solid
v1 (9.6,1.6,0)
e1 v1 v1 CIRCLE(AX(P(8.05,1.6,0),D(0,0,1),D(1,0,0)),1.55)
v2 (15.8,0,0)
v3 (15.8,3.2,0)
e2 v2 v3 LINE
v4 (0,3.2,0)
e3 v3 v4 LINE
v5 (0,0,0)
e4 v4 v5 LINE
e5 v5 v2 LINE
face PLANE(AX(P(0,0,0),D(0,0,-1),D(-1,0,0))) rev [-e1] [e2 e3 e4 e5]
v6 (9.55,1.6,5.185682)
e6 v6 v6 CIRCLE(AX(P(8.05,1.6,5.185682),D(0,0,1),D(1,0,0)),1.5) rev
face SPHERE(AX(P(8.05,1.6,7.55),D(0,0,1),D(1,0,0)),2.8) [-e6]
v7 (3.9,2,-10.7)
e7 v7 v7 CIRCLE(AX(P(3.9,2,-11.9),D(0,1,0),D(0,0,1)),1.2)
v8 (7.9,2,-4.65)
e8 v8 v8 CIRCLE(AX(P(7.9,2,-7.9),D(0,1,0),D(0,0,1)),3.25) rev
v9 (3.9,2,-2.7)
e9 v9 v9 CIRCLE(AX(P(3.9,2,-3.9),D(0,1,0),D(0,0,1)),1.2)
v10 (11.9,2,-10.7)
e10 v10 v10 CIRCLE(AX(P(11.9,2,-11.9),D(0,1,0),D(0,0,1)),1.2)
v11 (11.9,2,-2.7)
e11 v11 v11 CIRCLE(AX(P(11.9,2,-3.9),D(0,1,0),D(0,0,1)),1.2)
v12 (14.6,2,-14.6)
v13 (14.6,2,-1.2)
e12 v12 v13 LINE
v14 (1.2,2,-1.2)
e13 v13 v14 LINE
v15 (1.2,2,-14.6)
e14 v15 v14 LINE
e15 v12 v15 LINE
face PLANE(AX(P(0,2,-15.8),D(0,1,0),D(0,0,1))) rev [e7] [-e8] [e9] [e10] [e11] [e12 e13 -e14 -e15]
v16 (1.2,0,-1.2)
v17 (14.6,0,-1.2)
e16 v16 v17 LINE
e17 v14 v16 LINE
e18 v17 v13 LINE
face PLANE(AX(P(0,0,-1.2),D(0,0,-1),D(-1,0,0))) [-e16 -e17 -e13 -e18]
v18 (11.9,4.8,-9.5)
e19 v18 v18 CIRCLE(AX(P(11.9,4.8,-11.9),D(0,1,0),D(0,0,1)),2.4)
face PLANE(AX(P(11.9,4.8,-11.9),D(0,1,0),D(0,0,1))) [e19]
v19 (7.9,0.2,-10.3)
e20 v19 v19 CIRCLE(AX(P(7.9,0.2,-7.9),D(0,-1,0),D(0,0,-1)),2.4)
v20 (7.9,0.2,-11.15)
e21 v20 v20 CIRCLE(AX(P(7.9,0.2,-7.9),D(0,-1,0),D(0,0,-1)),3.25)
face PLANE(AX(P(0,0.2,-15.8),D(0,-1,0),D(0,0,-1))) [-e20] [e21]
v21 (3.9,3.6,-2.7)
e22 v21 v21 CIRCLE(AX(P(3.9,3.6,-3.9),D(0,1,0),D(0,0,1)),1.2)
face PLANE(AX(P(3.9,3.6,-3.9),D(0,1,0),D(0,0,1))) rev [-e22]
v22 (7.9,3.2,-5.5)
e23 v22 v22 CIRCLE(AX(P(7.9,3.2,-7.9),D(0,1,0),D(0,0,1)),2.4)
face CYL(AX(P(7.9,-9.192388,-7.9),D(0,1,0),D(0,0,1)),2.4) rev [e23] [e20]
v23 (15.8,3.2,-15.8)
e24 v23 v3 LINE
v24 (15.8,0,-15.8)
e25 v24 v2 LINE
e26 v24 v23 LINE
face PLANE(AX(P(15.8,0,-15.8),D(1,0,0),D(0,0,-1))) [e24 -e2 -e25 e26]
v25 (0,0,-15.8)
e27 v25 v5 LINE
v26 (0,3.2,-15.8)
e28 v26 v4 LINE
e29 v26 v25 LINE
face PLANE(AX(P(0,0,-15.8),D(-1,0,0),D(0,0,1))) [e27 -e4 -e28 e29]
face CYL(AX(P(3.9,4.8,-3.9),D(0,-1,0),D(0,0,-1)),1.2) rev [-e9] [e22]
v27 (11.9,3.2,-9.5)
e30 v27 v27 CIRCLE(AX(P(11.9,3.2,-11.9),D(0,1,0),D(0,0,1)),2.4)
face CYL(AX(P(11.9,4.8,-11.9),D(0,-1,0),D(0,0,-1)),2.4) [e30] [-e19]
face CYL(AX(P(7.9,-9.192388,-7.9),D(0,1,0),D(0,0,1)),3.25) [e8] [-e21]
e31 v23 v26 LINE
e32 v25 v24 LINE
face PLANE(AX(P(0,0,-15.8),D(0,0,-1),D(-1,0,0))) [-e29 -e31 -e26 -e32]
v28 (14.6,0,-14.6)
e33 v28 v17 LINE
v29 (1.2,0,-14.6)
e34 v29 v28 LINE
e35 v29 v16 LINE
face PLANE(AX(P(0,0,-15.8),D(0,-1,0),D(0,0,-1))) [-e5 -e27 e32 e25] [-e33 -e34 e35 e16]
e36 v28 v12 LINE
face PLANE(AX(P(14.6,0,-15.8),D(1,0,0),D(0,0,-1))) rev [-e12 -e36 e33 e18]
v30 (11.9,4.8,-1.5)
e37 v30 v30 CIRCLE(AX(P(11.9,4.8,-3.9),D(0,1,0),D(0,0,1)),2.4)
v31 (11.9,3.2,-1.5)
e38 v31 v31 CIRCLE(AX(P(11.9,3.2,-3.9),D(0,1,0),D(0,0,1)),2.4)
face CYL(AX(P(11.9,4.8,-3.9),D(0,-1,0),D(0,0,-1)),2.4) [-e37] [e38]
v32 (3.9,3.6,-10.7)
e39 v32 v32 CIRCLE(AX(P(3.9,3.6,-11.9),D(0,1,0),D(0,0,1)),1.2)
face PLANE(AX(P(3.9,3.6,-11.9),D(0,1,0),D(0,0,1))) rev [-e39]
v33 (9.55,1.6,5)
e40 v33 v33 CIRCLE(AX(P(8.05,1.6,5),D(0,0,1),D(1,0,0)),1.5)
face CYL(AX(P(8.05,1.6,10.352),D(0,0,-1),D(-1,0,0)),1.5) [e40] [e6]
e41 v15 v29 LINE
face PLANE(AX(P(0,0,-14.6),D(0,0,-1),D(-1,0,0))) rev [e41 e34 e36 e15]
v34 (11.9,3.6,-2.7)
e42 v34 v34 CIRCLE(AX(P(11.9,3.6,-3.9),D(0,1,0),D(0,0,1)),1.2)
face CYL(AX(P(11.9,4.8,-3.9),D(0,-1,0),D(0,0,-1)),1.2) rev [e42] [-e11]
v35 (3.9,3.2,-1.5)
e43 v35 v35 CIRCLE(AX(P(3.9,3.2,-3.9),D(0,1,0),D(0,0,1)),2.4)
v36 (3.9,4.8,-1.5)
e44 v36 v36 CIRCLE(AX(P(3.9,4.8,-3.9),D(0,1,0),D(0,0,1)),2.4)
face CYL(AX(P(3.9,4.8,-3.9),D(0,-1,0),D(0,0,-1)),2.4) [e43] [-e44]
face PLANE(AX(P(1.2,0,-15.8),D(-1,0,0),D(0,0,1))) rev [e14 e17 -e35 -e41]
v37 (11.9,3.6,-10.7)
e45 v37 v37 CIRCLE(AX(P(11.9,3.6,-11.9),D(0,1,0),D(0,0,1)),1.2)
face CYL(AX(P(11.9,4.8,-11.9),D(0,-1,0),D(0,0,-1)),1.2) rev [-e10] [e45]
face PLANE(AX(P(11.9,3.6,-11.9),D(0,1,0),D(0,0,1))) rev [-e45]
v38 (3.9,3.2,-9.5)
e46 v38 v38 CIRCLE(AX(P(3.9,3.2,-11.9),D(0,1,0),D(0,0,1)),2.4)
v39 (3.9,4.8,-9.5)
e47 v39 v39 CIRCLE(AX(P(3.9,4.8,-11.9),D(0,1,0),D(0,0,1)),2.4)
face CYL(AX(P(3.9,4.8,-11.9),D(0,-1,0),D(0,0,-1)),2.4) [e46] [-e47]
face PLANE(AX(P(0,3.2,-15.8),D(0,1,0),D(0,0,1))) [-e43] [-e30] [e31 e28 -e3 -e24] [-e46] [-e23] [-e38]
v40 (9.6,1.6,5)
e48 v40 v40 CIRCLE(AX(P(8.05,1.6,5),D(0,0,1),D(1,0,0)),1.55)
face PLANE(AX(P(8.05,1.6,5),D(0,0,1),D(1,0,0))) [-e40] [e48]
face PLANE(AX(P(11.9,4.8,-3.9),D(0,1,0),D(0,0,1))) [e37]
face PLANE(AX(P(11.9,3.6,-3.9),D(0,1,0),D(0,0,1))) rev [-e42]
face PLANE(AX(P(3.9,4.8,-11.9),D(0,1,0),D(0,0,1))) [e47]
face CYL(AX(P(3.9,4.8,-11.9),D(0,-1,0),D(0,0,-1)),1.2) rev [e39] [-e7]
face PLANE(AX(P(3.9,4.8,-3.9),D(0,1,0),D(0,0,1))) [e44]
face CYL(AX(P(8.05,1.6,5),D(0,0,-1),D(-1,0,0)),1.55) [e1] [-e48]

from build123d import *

# Parameters (mm, degrees)
SKETCH1_W            = 15.8
SKETCH1_H            = 3.2
BOSS_EXTRUDE1_DEPTH  = 15.8
SKETCH2_R            = 2.4
BOSS_EXTRUDE2_DEPTH  = 1.6
LPATTERN1_COUNT      = 2
LPATTERN1_PITCH      = 8
LPATTERN1_COUNT_DIR2 = 4
LPATTERN1_PITCH_DIR2 = 8
SHELL1_T             = -1.2
SKETCH4_R            = 3.25
SKETCH4_R_2          = 2.4
BOSS_EXTRUDE3_DEPTH  = 1.8
SKETCH6_R            = 2.4
CUT_EXTRUDE1_DEPTH   = 23.519325034
SKETCH11_R           = 1.55
BOSS_EXTRUDE5_DEPTH  = 5
BOSS_EXTRUDE7_REACH  = 28.558
SKETCH14_R           = 1.5


with BuildPart() as part:
    # Sketch1 → Boss-Extrude1 (new body)
    with BuildSketch(Plane.XY):
        with Locations((7.9, 1.6)):
            Rectangle(SKETCH1_W, SKETCH1_H)
    extrude(amount=-BOSS_EXTRUDE1_DEPTH)

    # Sketch2 → Boss-Extrude2 (add)
    with BuildSketch(Plane(origin=(0, 3.2, 0), x_dir=(1, 0, 0), z_dir=(0, 1, 0))):
        with Locations(Location((3.9, 3.9, 0), (0, 0, 270))):
            Circle(SKETCH2_R)
    boss_extrude2 = extrude(amount=BOSS_EXTRUDE2_DEPTH)

    # LPattern1: Boss-Extrude2 2 × 4, 4 skipped
    with Locations(*[(j * LPATTERN1_PITCH_DIR2, 0, -i * LPATTERN1_PITCH) for i in range(LPATTERN1_COUNT) for j in range(LPATTERN1_COUNT_DIR2) if (i, j) not in ((0, 0), (0, 2), (0, 3), (1, 2), (1, 3))]):
        add(boss_extrude2)

    # Shell1
    shell1_openings = [part.faces().sort_by_distance(p)[0] for p in [
        (7.9, 0, -7.9),
    ]]
    offset(amount=SHELL1_T, openings=shell1_openings, kind=Kind.INTERSECTION)

    # Sketch4 → Boss-Extrude3 (add)
    with BuildSketch(Plane.XZ.offset(-2)):
        with Locations(Location((7.9, -7.9, 0), (0, 0, 90))):
            Circle(SKETCH4_R)
        with Locations(Location((7.9, -7.9, 0), (0, 0, 270))):
            Circle(SKETCH4_R_2, mode=Mode.SUBTRACT)
    extrude(amount=BOSS_EXTRUDE3_DEPTH)

    # Sketch6 → Cut-Extrude1 (cut, through all)
    with BuildSketch(Plane.XZ.offset(-2)):
        with Locations(Location((7.9, -7.9, 0), (0, 0, 90))):
            Circle(SKETCH6_R)
    extrude(amount=-CUT_EXTRUDE1_DEPTH, mode=Mode.SUBTRACT)

    # Sketch11 → Boss-Extrude5 (add)
    with BuildSketch(Plane.XY):
        with Locations((8.05, 1.6)):
            Circle(SKETCH11_R)
    extrude(amount=BOSS_EXTRUDE5_DEPTH)


with BuildPart() as body_2:
    # Sketch12 → Revolve1 (revolve)
    with BuildSketch(Plane.XY.offset(7.55)):
        with BuildLine():
            Line((8.05, 4.4), (8.05, -1.2))
            ThreePointArc((8.05, -1.2), (5.25, 1.6), (8.05, 4.4))
        make_face()
    revolve(axis=Axis((8.05, 3.15, 7.55), (0, -1, 0)))

    # Sketch14 → Boss-Extrude7 (add, up to next)
    with BuildSketch(Plane.XY.offset(5), mode=Mode.PRIVATE) as boss_extrude7_sk1:
        with Locations((8.05, 1.6)):
            Circle(SKETCH14_R)
    boss_extrude7_tool1 = extrude(boss_extrude7_sk1.sketch, amount=BOSS_EXTRUDE7_REACH, mode=Mode.PRIVATE) - body_2.part

    add(part.part)  # Boss-Extrude7 merges part
    add(boss_extrude7_tool1.solids().sort_by_distance((8.05, 1.6, 5))[0])


solid = body_2.part
